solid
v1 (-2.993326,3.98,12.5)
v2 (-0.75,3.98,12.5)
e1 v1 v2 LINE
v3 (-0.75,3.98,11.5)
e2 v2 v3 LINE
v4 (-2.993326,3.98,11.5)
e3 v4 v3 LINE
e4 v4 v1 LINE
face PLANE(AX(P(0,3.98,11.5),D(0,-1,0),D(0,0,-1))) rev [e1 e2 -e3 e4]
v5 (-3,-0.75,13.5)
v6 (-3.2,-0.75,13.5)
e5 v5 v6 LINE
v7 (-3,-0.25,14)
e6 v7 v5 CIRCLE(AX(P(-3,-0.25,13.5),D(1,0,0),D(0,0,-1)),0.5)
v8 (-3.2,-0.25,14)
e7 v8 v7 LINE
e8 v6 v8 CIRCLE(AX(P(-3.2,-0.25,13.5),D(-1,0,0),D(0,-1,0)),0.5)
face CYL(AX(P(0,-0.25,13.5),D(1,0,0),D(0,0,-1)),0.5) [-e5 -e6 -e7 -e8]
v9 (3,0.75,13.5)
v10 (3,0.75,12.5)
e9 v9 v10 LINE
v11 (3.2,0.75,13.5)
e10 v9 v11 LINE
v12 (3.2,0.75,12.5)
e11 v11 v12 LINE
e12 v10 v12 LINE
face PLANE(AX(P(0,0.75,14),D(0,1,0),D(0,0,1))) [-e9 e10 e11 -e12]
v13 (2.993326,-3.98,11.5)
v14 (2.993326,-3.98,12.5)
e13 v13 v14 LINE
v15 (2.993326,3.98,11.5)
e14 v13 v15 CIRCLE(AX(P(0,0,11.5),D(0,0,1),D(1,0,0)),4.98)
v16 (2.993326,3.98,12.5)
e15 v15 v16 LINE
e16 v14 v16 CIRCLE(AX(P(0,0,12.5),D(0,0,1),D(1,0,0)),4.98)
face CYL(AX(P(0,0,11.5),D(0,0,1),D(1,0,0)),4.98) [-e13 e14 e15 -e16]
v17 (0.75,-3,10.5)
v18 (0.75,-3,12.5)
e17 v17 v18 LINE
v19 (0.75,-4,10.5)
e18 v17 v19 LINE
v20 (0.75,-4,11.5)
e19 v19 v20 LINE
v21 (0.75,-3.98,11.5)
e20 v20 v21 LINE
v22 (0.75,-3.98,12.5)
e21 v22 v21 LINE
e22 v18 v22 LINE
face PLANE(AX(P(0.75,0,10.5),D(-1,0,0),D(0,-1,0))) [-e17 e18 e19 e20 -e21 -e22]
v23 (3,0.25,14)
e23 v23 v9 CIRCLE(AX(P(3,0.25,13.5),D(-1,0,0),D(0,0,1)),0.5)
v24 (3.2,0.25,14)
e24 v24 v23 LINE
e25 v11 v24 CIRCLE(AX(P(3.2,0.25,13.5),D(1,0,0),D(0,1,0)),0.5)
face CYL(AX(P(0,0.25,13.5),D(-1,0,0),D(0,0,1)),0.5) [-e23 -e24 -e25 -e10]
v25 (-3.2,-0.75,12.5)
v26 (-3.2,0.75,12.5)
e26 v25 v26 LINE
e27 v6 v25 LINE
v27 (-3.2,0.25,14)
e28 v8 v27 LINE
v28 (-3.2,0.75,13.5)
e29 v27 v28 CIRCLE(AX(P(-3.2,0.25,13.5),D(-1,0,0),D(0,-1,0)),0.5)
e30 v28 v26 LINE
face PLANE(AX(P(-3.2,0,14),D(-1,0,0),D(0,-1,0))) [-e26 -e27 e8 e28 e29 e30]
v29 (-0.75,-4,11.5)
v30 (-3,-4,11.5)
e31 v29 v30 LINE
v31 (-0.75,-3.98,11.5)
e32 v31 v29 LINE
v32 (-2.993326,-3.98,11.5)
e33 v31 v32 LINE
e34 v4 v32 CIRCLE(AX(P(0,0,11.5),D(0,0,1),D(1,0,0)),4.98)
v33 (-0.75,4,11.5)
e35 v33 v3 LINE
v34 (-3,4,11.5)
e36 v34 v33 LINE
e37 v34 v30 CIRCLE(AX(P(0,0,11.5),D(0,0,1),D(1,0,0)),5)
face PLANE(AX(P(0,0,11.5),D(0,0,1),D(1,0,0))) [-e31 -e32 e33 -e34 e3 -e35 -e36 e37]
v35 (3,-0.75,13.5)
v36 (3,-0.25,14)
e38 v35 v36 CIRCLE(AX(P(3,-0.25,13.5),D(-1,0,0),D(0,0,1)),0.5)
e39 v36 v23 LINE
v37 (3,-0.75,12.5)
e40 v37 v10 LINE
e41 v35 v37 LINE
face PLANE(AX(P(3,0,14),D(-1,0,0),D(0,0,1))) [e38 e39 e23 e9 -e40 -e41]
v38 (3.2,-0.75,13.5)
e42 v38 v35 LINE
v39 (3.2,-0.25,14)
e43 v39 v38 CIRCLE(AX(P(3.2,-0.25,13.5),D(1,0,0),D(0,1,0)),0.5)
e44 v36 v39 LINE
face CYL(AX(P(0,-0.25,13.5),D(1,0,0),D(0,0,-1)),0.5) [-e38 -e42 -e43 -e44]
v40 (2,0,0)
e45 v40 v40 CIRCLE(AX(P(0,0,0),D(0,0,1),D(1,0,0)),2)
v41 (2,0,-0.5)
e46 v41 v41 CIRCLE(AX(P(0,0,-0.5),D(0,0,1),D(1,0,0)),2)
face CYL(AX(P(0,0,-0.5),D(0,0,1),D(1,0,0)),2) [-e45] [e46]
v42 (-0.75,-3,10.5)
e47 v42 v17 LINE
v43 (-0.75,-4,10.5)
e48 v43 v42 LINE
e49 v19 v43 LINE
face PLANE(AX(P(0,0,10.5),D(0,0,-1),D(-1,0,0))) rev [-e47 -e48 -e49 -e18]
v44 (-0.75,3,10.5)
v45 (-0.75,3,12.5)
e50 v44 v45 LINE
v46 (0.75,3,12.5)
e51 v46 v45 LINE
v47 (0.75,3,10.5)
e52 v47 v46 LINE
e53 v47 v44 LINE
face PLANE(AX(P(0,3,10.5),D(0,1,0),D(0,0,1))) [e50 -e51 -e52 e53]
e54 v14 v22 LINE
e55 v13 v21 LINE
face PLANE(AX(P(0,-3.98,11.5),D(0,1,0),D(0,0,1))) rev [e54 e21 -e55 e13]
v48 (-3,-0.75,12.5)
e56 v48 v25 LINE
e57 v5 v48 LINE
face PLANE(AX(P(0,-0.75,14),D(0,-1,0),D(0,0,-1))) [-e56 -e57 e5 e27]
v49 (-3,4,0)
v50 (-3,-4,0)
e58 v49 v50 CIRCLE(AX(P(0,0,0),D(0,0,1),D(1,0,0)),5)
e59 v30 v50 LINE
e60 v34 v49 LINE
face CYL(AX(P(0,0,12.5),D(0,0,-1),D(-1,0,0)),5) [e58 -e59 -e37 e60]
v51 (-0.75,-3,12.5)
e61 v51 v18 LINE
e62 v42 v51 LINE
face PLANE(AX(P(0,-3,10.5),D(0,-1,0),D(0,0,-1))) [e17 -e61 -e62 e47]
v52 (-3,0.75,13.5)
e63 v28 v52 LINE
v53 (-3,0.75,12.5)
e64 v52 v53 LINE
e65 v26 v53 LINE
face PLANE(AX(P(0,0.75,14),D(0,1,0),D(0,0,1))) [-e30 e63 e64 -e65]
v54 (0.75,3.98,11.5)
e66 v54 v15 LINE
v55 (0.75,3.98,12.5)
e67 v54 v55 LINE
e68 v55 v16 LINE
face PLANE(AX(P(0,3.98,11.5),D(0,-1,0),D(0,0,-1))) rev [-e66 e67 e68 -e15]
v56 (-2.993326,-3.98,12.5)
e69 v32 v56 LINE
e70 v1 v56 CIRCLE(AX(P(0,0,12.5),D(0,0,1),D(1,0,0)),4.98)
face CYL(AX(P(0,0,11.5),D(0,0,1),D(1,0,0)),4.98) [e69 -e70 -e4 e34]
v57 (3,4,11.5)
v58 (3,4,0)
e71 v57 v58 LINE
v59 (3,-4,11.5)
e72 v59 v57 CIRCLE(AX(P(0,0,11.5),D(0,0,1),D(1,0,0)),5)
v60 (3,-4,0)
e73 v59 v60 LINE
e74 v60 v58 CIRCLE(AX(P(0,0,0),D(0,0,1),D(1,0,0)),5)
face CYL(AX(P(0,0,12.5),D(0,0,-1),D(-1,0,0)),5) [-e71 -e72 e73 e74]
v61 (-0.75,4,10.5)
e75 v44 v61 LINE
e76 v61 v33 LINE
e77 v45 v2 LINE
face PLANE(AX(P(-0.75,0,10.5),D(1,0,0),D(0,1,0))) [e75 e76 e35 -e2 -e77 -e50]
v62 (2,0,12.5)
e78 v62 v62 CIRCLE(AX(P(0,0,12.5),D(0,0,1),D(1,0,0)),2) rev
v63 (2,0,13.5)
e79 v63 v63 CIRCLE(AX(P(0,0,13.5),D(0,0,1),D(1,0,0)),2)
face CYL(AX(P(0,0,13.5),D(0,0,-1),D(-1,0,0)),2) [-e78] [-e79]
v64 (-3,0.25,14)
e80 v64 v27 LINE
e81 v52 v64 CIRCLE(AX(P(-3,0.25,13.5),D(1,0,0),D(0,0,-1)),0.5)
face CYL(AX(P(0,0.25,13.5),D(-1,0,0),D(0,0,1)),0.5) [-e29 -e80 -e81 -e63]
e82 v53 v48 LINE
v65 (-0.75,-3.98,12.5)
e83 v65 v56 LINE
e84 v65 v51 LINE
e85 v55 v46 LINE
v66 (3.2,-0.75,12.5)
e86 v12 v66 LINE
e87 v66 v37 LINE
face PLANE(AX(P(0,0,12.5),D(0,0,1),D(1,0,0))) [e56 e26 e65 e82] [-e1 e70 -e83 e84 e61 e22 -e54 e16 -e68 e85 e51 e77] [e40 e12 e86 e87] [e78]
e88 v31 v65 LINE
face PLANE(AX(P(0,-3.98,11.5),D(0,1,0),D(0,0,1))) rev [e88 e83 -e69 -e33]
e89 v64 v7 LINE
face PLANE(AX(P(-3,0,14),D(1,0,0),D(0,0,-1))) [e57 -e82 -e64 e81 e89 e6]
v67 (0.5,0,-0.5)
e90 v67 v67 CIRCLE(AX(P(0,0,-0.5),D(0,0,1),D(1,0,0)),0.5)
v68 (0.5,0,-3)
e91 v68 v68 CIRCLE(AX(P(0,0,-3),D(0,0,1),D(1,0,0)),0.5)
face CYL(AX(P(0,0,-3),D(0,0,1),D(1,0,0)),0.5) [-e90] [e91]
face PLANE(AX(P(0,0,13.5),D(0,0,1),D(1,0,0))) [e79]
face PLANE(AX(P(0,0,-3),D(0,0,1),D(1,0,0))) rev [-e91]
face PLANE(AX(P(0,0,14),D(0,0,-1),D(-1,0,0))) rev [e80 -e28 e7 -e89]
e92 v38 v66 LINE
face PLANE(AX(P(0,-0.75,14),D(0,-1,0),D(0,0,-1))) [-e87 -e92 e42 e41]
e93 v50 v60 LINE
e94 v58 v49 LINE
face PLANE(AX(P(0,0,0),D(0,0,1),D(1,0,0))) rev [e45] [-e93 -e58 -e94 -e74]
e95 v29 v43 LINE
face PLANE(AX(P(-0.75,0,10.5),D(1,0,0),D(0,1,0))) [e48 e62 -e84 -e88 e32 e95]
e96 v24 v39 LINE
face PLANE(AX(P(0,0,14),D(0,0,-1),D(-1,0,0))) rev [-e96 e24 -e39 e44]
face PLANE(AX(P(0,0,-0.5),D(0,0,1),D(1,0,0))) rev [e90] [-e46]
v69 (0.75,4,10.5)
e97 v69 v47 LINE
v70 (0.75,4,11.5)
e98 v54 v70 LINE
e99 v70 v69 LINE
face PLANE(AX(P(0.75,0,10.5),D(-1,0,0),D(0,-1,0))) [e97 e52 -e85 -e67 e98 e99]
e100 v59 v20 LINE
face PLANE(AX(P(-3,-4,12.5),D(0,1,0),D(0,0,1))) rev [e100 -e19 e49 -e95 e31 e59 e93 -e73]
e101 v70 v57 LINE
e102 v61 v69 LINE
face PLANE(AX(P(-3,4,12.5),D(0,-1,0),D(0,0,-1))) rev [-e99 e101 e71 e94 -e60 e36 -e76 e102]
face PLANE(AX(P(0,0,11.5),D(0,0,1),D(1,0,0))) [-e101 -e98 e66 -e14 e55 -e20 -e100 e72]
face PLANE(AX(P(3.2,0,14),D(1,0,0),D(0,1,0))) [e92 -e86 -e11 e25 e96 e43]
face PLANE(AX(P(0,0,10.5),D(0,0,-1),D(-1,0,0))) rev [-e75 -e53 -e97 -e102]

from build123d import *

# Parameters (mm, degrees)
BOSS_EXTRUDE1_DEPTH = 12.5
SKETCH2_R           = 2
SKETCH2_R_2         = 0.5
BOSS_EXTRUDE2_DEPTH = 0.5
SKETCH2_2_R         = 0.5
BOSS_EXTRUDE3_DEPTH = 3
SKETCH2_4_R         = 2
BOSS_EXTRUDE4_DEPTH = 13.5
CUT_EXTRUDE1_START  = 12.5
SKETCH4_W           = 1.5
SKETCH4_H           = 2
CUT_EXTRUDE1_DEPTH  = 2
BOSS_EXTRUDE5_START = 12.5
SKETCH5_W           = 0.2
SKETCH5_H           = 1.5
BOSS_EXTRUDE5_DEPTH = 1.5
FILLET1_R           = 0.5
CUT_EXTRUDE2_START  = 12.5
CUT_EXTRUDE2_DEPTH  = 1


with BuildPart() as part:
    # Sketch1 → Boss-Extrude1 (new body)
    with BuildSketch(Plane.XY):
        with BuildLine():
            Line((-3, -4), (3, -4))
            ThreePointArc((3, -4), (5, 0), (3, 4))
            Line((3, 4), (-3, 4))
            ThreePointArc((-3, 4), (-5, 0), (-3, -4))
        make_face()
    extrude(amount=BOSS_EXTRUDE1_DEPTH)

    # Sketch2 → Boss-Extrude2 (add)
    with BuildSketch(Plane.XY):
        Circle(SKETCH2_R)
        Circle(SKETCH2_R_2, mode=Mode.SUBTRACT)
    extrude(amount=-BOSS_EXTRUDE2_DEPTH)

    # Sketch2<2> → Boss-Extrude3 (add)
    with BuildSketch(Plane.XY):
        Circle(SKETCH2_2_R)
    extrude(amount=-BOSS_EXTRUDE3_DEPTH)

    # Sketch2<4> → Boss-Extrude4 (add)
    with BuildSketch(Plane.XY):
        Circle(SKETCH2_4_R)
    extrude(amount=BOSS_EXTRUDE4_DEPTH)

    # Sketch4 → Cut-Extrude1 (cut)
    with BuildSketch(Plane.XY.offset(CUT_EXTRUDE1_START)):
        with Locations((0, 4)):
            Rectangle(SKETCH4_W, SKETCH4_H)
        with Locations((0, -4)):
            Rectangle(SKETCH4_W, SKETCH4_H)
    extrude(amount=-CUT_EXTRUDE1_DEPTH, mode=Mode.SUBTRACT)

    # Sketch5 → Boss-Extrude5 (add)
    with BuildSketch(Plane.XY.offset(BOSS_EXTRUDE5_START)):
        with Locations((3.1, 0)):
            Rectangle(SKETCH5_W, SKETCH5_H)
        with Locations((-3.1, 0)):
            Rectangle(SKETCH5_W, SKETCH5_H)
    extrude(amount=BOSS_EXTRUDE5_DEPTH)

    # Fillet1
    fillet1_edges = [part.edges().sort_by_distance(p)[0] for p in [
        (3.1, -0.75, 14),
        (3.1, 0.75, 14),
        (-3.1, -0.75, 14),
        (-3.1, 0.75, 14),
    ]]
    fillet(fillet1_edges, radius=FILLET1_R)

    # Sketch6 → Cut-Extrude2 (cut)
    with BuildSketch(Plane.XY.offset(CUT_EXTRUDE2_START)):
        with BuildLine():
            Line((-3, -4), (3, -4))
            ThreePointArc((3, -4), (5, 0), (3, 4))
            Line((3, 4), (-3, 4))
            ThreePointArc((-3, 4), (-5, 0), (-3, -4))
        make_face()
        with BuildLine():
            Line((-2.993325909, -3.98), (2.993325909, -3.98))
            ThreePointArc((2.993325909, -3.98), (4.98, 0), (2.993325909, 3.98))
            Line((2.993325909, 3.98), (-2.993325909, 3.98))
            ThreePointArc((-2.993325909, 3.98), (-4.98, 0), (-2.993325909, -3.98))
        make_face(mode=Mode.SUBTRACT)
    extrude(amount=-CUT_EXTRUDE2_DEPTH, mode=Mode.SUBTRACT)


solid = part.part
